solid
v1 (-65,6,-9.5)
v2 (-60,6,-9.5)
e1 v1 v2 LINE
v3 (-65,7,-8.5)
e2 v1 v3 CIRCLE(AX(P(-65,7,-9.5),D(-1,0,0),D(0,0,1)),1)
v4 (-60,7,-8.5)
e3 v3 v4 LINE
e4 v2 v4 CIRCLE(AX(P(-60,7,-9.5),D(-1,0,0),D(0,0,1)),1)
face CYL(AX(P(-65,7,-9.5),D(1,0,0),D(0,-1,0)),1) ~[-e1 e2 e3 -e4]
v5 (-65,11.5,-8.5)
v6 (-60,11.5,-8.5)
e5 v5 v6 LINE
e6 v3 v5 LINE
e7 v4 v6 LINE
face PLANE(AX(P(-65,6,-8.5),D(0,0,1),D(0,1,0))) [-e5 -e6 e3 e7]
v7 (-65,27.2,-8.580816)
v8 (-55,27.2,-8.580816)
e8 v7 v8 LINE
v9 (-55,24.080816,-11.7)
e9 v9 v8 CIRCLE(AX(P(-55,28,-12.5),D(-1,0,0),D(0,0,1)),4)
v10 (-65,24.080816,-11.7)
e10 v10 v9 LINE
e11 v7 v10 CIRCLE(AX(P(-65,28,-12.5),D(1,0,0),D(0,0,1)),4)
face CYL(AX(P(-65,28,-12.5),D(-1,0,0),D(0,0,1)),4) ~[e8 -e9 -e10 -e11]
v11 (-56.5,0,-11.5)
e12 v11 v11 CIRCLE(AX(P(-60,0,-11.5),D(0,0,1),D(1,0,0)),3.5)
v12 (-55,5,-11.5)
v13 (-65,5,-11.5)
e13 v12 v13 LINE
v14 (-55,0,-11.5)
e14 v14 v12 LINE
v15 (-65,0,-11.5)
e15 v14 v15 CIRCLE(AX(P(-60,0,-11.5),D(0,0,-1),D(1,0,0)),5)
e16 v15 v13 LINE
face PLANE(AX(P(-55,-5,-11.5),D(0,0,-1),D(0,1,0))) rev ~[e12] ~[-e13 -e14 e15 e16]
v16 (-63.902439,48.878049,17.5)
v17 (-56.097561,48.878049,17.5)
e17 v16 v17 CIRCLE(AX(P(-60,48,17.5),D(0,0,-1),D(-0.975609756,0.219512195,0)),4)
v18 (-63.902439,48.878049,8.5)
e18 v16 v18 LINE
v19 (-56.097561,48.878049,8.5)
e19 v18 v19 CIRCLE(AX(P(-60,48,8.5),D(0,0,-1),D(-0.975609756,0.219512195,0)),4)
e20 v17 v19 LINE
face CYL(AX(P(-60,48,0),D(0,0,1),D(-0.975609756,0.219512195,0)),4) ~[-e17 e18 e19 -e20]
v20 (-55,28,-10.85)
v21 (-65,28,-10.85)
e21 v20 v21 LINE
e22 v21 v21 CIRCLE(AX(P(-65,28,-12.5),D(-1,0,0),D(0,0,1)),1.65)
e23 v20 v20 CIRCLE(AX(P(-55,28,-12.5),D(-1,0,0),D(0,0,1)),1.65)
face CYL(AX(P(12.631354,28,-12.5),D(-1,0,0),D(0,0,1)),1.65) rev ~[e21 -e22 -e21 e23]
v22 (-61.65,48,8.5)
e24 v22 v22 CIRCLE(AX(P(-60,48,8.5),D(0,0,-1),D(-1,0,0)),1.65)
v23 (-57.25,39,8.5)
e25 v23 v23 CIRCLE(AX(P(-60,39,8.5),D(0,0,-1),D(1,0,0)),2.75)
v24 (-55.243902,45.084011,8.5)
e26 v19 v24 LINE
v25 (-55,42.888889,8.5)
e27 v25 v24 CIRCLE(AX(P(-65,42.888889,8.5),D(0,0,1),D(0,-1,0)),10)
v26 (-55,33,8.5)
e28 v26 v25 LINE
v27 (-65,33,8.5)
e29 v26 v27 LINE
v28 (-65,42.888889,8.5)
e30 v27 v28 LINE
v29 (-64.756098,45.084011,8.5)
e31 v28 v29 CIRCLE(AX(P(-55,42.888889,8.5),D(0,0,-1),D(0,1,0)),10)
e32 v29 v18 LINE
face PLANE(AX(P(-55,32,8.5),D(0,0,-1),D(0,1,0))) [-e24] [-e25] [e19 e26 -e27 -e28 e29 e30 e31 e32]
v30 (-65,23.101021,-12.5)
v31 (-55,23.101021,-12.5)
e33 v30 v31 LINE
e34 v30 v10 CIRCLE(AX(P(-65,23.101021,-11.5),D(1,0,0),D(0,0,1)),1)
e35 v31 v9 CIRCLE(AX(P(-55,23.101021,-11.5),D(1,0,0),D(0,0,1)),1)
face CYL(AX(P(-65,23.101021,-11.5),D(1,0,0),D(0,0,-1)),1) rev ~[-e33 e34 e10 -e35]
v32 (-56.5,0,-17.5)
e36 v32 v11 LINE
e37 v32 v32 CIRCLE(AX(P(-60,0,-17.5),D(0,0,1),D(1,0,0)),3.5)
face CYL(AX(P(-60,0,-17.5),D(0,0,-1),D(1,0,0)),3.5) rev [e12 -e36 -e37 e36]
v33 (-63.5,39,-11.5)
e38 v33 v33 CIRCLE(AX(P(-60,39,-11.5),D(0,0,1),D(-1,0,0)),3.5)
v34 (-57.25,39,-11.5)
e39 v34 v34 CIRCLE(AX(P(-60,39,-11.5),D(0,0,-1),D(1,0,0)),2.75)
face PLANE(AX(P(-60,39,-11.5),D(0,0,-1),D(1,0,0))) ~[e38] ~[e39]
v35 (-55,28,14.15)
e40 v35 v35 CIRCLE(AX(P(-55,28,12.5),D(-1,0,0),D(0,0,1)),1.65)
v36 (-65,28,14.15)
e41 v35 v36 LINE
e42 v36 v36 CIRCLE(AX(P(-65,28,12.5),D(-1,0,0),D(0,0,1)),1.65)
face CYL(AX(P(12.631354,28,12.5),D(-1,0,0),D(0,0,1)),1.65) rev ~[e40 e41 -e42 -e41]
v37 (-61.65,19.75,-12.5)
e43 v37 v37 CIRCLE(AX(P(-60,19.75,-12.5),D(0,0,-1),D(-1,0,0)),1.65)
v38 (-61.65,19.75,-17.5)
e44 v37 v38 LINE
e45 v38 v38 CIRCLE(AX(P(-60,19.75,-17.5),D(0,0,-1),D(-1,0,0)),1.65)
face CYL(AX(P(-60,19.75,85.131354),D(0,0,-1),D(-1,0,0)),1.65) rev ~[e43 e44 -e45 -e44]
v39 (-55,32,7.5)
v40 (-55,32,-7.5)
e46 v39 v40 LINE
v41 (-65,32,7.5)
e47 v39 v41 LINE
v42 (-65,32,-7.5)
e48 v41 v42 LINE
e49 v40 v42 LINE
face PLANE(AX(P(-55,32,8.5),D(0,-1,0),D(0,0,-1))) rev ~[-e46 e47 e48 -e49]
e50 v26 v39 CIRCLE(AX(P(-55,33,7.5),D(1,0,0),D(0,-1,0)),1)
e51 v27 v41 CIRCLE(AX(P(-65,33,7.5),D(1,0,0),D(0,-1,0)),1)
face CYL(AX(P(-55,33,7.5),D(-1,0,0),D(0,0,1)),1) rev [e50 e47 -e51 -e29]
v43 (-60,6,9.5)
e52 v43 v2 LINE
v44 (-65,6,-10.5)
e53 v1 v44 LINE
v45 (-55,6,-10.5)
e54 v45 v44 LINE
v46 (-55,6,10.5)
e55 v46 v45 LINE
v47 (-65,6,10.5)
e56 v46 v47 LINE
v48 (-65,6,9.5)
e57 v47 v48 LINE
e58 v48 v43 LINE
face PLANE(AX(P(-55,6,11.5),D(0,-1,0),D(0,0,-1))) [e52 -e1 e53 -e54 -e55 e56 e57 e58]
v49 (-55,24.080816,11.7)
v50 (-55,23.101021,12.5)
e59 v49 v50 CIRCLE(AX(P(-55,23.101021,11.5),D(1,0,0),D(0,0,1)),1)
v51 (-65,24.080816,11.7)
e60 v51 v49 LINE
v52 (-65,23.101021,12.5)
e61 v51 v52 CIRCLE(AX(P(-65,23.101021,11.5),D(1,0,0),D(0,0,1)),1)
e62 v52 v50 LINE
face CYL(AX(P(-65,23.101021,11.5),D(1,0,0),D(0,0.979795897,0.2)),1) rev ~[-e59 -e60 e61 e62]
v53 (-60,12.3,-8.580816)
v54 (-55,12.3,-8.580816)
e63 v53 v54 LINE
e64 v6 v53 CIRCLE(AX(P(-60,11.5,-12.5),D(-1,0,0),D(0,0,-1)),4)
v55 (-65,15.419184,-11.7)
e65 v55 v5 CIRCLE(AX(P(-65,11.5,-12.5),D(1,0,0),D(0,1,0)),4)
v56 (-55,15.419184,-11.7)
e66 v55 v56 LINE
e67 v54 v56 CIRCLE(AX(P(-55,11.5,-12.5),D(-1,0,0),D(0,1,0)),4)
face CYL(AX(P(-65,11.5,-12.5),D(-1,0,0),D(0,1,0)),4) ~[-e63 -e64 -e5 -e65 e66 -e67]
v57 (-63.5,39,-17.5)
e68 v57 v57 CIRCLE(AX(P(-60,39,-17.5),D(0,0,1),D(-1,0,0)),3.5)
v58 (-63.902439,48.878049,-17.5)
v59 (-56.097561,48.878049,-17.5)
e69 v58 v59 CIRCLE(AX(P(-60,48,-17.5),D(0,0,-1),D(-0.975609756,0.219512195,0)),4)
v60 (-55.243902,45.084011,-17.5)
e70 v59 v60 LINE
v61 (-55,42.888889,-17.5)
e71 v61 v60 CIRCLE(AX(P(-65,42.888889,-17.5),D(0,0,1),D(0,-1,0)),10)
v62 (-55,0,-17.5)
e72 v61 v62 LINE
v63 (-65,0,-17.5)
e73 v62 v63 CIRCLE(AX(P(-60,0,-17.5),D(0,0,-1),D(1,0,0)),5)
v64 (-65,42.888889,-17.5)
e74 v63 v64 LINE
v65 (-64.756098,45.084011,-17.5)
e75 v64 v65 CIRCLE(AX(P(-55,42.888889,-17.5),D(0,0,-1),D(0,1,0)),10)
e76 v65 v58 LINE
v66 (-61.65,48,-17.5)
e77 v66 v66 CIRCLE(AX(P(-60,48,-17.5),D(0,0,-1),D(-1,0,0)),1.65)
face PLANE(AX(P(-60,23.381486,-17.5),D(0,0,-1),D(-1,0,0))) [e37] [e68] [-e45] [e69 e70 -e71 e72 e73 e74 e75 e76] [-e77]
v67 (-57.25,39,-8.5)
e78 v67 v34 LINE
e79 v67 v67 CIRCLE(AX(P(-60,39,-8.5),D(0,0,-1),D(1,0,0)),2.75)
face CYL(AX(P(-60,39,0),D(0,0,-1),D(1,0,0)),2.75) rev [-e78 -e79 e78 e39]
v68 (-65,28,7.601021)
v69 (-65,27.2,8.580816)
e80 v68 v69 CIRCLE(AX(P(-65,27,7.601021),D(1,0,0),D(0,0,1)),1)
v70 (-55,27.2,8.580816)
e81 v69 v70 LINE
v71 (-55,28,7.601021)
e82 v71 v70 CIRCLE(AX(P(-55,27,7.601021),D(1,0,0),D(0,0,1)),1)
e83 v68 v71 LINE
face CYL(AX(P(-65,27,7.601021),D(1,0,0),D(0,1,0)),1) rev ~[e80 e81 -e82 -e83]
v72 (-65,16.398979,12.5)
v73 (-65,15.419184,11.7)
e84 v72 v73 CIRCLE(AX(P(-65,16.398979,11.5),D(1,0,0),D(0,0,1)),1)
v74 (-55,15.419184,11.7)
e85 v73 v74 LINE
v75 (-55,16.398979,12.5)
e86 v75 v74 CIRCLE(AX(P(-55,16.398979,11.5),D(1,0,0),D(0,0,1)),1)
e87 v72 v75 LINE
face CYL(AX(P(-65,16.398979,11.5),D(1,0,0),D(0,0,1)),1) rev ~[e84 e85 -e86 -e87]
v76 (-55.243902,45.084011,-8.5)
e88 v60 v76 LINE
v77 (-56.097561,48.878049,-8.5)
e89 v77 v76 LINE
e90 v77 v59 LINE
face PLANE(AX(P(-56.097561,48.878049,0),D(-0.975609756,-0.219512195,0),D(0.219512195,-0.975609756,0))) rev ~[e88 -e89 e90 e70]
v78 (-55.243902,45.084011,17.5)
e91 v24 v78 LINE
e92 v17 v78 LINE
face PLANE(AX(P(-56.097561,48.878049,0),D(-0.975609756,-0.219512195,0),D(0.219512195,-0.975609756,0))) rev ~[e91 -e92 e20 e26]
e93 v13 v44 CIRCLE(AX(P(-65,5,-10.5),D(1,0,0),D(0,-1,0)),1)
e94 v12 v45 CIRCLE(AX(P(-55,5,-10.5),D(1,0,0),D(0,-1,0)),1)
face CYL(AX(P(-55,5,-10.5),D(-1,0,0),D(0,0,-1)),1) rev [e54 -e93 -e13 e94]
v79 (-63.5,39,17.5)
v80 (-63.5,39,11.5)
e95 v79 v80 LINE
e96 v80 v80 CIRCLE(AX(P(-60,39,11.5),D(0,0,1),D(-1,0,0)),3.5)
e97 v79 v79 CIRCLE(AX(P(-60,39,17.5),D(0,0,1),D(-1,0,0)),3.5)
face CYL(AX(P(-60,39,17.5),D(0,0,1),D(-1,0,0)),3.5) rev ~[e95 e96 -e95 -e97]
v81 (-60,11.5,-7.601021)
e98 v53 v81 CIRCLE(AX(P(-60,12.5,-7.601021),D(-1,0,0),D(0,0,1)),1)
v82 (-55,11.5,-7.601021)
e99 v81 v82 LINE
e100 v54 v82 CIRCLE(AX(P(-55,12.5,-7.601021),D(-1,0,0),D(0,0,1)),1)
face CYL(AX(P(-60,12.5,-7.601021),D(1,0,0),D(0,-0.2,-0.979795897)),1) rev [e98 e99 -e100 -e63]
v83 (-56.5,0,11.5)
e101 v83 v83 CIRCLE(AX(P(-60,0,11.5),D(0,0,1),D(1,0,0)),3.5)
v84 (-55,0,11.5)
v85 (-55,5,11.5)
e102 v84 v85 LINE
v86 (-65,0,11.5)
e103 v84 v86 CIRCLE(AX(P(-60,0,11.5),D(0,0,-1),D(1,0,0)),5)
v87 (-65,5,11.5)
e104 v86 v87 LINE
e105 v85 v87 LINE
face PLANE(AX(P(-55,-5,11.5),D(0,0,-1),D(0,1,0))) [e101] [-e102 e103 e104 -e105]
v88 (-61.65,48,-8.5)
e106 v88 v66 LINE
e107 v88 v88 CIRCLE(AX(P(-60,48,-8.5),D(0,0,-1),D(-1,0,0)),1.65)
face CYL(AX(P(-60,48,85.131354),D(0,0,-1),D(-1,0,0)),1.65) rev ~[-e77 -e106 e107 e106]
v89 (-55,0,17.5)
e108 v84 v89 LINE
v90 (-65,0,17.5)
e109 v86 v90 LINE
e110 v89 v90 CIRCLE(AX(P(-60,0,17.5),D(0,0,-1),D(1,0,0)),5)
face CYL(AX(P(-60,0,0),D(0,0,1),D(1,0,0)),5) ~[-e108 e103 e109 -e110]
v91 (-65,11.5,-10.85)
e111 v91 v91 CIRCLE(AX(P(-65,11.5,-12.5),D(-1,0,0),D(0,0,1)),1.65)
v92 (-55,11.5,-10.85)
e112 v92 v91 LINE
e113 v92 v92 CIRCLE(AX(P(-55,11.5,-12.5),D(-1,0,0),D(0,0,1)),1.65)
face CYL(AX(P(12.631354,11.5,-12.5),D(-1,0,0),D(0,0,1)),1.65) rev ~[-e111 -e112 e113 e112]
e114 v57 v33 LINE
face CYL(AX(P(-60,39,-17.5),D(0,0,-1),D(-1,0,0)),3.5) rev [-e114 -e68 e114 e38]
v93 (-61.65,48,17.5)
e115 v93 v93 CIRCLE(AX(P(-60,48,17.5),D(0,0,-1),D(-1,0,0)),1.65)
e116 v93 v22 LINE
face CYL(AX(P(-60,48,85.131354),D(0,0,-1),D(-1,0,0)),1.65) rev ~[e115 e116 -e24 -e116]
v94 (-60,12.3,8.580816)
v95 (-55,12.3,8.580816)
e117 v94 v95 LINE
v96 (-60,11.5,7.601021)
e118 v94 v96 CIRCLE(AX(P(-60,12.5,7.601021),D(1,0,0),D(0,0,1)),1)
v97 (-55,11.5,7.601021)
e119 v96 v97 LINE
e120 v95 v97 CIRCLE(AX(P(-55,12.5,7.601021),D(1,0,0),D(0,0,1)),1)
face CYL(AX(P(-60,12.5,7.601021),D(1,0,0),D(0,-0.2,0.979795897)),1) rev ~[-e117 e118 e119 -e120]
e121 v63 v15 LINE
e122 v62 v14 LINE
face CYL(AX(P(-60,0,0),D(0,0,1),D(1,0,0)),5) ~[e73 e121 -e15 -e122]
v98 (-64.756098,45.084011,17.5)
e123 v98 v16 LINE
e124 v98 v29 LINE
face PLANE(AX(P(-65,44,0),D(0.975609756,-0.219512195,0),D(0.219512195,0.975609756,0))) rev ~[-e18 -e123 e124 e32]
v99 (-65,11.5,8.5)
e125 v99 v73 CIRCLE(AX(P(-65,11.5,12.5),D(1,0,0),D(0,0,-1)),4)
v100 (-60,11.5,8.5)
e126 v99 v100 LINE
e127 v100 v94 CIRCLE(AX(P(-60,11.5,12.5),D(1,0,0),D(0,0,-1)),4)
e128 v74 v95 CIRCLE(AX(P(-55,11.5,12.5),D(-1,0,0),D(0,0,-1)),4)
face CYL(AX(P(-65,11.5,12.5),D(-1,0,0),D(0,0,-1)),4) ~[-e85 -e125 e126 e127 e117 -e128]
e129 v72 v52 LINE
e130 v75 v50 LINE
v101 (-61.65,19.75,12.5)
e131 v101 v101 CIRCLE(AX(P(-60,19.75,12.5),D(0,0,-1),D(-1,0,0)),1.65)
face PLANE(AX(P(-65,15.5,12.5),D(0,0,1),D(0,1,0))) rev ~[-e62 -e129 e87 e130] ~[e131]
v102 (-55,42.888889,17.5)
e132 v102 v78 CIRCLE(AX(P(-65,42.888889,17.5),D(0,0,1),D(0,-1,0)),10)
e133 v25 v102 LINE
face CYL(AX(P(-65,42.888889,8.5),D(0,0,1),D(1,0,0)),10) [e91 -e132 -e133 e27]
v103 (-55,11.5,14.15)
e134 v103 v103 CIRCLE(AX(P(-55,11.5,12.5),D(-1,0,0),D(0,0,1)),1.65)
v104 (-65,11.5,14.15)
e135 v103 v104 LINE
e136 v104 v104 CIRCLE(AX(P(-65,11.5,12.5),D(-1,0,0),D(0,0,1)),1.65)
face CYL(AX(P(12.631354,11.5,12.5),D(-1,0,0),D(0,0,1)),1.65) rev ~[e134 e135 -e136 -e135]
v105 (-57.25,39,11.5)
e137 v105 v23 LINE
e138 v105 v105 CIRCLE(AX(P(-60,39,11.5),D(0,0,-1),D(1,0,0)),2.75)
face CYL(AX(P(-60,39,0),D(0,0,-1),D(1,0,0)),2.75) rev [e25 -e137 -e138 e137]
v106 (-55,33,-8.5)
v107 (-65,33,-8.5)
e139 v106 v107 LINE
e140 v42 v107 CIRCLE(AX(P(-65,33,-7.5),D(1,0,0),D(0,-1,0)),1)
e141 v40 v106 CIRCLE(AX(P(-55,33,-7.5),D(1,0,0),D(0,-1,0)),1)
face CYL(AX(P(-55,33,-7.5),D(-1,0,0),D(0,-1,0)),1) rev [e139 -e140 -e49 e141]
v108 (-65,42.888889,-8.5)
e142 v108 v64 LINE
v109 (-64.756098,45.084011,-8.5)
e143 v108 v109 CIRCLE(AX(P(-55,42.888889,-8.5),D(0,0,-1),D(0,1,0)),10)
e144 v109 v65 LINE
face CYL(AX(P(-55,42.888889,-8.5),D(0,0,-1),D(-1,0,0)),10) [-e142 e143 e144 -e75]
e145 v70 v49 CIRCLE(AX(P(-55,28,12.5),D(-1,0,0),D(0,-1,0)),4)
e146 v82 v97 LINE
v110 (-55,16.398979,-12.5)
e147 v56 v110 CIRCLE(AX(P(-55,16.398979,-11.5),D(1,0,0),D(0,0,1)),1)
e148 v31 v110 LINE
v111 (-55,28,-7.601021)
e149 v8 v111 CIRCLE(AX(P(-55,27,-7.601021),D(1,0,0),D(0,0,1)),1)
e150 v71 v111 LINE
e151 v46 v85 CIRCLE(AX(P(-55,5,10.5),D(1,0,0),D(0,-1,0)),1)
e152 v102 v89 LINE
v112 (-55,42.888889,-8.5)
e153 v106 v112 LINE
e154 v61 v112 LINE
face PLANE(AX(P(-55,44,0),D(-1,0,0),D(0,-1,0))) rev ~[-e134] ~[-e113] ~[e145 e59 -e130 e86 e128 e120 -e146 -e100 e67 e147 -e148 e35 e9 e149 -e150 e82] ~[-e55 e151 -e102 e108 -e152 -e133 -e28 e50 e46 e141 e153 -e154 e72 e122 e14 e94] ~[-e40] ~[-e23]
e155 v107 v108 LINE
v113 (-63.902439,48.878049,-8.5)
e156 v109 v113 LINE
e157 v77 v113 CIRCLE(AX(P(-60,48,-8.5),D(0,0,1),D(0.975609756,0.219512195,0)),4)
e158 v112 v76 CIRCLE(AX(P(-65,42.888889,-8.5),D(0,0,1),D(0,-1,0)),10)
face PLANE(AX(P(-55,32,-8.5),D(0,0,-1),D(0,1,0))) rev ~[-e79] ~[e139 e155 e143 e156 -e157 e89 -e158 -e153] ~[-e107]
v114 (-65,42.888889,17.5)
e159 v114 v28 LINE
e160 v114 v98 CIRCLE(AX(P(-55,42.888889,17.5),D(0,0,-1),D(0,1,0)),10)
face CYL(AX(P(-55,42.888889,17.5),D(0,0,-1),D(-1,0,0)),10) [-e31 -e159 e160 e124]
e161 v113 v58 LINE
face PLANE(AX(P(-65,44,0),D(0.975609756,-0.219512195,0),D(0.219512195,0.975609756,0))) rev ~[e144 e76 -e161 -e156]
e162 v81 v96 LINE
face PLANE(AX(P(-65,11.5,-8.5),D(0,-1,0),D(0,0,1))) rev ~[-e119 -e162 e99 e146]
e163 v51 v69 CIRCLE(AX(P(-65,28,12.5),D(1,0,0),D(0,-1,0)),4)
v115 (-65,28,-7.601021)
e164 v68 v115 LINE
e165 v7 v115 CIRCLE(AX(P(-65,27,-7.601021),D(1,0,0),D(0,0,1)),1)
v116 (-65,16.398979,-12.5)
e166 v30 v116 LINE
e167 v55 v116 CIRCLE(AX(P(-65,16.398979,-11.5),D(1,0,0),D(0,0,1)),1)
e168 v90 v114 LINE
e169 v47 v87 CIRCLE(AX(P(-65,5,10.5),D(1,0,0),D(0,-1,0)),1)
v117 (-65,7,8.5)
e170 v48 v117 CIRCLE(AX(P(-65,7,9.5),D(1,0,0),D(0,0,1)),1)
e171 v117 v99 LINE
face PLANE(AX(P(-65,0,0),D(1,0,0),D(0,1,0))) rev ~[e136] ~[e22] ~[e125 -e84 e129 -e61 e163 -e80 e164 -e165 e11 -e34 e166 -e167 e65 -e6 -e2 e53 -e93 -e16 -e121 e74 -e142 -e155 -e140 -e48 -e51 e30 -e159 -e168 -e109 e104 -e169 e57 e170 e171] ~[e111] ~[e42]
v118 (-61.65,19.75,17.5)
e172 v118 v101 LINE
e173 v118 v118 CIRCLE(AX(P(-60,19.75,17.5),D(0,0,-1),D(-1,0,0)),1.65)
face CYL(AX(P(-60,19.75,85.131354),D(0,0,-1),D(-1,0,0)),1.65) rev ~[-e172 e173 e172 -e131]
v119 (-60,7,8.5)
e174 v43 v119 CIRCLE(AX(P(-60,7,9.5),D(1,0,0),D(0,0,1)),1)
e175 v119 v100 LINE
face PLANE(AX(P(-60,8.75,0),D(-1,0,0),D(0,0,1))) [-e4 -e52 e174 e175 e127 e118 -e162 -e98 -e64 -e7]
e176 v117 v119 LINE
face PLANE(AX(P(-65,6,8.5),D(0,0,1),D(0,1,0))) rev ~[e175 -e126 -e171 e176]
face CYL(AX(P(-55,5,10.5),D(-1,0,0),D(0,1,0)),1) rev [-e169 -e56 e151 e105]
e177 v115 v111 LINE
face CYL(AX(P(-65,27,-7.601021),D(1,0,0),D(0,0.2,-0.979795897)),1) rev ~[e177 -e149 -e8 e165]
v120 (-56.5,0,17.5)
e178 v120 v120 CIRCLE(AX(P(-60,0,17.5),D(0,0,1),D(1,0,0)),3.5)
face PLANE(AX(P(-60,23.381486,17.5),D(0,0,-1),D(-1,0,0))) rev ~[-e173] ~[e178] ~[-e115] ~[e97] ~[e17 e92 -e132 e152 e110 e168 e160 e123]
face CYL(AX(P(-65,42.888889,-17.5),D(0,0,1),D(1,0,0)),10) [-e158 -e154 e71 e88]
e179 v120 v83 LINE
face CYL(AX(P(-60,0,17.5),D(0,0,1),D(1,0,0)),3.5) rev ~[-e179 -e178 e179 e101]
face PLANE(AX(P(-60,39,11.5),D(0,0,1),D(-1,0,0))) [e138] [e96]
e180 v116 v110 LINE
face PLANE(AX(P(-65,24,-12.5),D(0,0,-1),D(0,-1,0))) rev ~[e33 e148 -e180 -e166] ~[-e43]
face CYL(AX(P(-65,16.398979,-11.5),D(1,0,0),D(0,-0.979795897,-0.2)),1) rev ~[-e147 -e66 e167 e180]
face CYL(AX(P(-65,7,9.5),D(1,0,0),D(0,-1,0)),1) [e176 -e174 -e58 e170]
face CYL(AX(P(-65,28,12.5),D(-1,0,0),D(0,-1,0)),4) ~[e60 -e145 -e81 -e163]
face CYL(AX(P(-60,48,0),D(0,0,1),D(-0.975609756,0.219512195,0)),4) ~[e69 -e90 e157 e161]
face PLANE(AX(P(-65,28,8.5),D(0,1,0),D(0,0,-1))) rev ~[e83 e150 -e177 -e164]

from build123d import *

# Parameters (mm, degrees)
SKETCH_2_R          = 2.750000000000002
SKETCH_2_R_2        = 2.7500000000000018
EXTRUDE_1_DEPTH     = 17.5
SKETCH_8_W          = 23
SKETCH_8_H          = 10.999999999999996
SKETCH_8_W_2        = 17
SKETCH_8_H_2        = 19.999999999999993
CUT_EXTRUDE_2_DEPTH = 56.76961538328914
SKETCH_3_R          = 3.5000000000000004
SKETCH_3_R_2        = 3.500000000000001
CUT_EXTRUDE_1_DEPTH = 6
HOLE_WIZARD_M4_1_D  = 3.3
CUT_EXTRUDE_3_DEPTH = 56.76961538328914
HOLE_WIZARD_M4_2_D  = 3.3
SKETCH_15_W         = 17
SKETCH_15_H         = 5.4999999999999325
CUT_EXTRUDE_5_DEPTH = 5
FILLET_1_R          = 1
FILLET_2_R          = 10


with BuildPart() as part:
    # 草图2 → 凸台-拉伸1 (new, symmetric)
    with BuildSketch(Plane.XY):
        with BuildLine():
            Line((-65, -6.94e-15), (-65, 44.000000000000014))
            Line((-65, 44.000000000000014), (-63.90243902439025, 48.878048780487816))
            ThreePointArc((-63.90243902439025, 48.878048780487816), (-59.99999999999999, 52.00000000000001), (-56.09756097560975, 48.87804878048781))
            Line((-56.09756097560975, 48.87804878048781), (-55.00000000000001, 44.000000000000014))
            Line((-55.00000000000001, 44.000000000000014), (-55.00000000000001, -6.33e-15))
            ThreePointArc((-55.00000000000001, -6.33e-15), (-60, -5.000000000000007), (-65, -6.94e-15))
        make_face()
        with Locations((-60, 38.999999999999986)):
            Circle(SKETCH_2_R, mode=Mode.SUBTRACT)
        with Locations((-60, -6.94e-15)):
            Circle(SKETCH_2_R_2, mode=Mode.SUBTRACT)
    extrude(amount=EXTRUDE_1_DEPTH, both=True)

    # 草图8 → 切除-拉伸2 (cut, through all)
    with BuildSketch(Plane(origin=(-55.00000000000001, 0, 0), x_dir=(0, 0, -1), z_dir=(1, 1.8e-16, 0))):
        with Locations((0, 0.5000000000000178)):
            Rectangle(SKETCH_8_W, SKETCH_8_H)
        with Locations((0, 42.000000000000014)):
            Rectangle(SKETCH_8_W_2, SKETCH_8_H_2)
    extrude(amount=-CUT_EXTRUDE_2_DEPTH, mode=Mode.SUBTRACT)

    # 草图3 → 切除-拉伸1 (cut)
    with BuildSketch(Plane.XY.offset(17.5)):
        with Locations((-60, -6.94e-15)):
            Circle(SKETCH_3_R)
        with Locations(Location((-60, 38.999999999999986, 0), (0, 0, 180))):
            Circle(SKETCH_3_R_2)
    cut_extrude_1 = extrude(amount=-CUT_EXTRUDE_1_DEPTH, mode=Mode.SUBTRACT)

    # M4 螺纹孔1 (through all)
    with Locations(Plane(origin=(-55.00000000000001, 0, 0), x_dir=(0, 0, -1), z_dir=(1, 1.8e-16, 0))):
        with Locations((-12.5, 11.5), (12.5, 11.5), (-12.5, 28), (12.5, 28)):
            Hole(HOLE_WIZARD_M4_1_D / 2)

    # 镜向1: 切除-拉伸1 across plane
    add(cut_extrude_1.mirror(Plane.XY), mode=Mode.SUBTRACT)

    # 草图11 → 切除-拉伸3 (cut, through all)
    with BuildSketch(Plane.ZY.offset(65)):
        with BuildLine():
            Line((-12.5, 23.99999999999997), (-12.5, 15.499999999999966))
            ThreePointArc((-12.5, 15.499999999999966), (-9.67157287525381, 14.328427124746156), (-8.5, 11.499999999999966))
            Line((-8.5, 11.499999999999966), (8.5, 11.499999999999966))
            ThreePointArc((8.5, 11.499999999999966), (9.67157287525381, 14.328427124746156), (12.5, 15.499999999999966))
            Line((12.5, 15.499999999999966), (12.5, 23.99999999999997))
            ThreePointArc((12.5, 23.99999999999997), (9.671572875253812, 25.171572875253784), (8.500000000000004, 27.99999999999997))
            Line((8.500000000000004, 27.99999999999997), (-8.500000000000004, 27.99999999999997))
            ThreePointArc((-8.500000000000004, 27.99999999999997), (-9.671572875253812, 25.171572875253784), (-12.5, 23.99999999999997))
        make_face()
    extrude(amount=-CUT_EXTRUDE_3_DEPTH, mode=Mode.SUBTRACT)

    # M4 螺纹孔2 (through all)
    with Locations(Plane.XY.offset(17.5)):
        with Locations((-60, 19.75), (-60, 48)):
            Hole(HOLE_WIZARD_M4_2_D / 2)

    # 草图15 → 切除-拉伸5 (cut)
    with BuildSketch(Plane.ZY.offset(65)):
        with Locations((0, 8.75)):
            Rectangle(SKETCH_15_W, SKETCH_15_H)
    extrude(amount=-CUT_EXTRUDE_5_DEPTH, mode=Mode.SUBTRACT)

    # 圆角1
    fillet_1_edges = [part.edges().sort_by_distance(p)[0] for p in [
        (-57.5, 11.499999999999968, -8.5),
        (-60, 15.499999999999966, -12.5),
        (-60, 23.99999999999997, -12.5),
        (-60, 27.99999999999997, -8.500000000000002),
        (-60, 27.99999999999997, 8.500000000000002),
        (-60, 23.99999999999997, 12.5),
        (-60, 15.499999999999966, 12.5),
        (-57.5, 11.499999999999968, 8.5),
        (-62.5, 6.000000000000034, -8.5),
        (-62.5, 6.000000000000034, 8.5),
        (-60, 6.000000000000015, -11.5),
        (-60, 6.000000000000015, 11.5),
        (-60.00000000000001, 32.000000000000014, 8.5),
        (-60.00000000000001, 32.000000000000014, -8.5),
    ]]
    fillet(fillet_1_edges, radius=FILLET_1_R)

    # 圆角2
    fillet_2_edges = [part.edges().sort_by_distance(p)[0] for p in [
        (-55.00000000000001, 44.000000000000014, 13),
        (-65, 44.000000000000014, 13),
        (-55.00000000000001, 44.000000000000014, -13),
        (-65, 44.000000000000014, -13),
    ]]
    fillet(fillet_2_edges, radius=FILLET_2_R)


solid = part.part
